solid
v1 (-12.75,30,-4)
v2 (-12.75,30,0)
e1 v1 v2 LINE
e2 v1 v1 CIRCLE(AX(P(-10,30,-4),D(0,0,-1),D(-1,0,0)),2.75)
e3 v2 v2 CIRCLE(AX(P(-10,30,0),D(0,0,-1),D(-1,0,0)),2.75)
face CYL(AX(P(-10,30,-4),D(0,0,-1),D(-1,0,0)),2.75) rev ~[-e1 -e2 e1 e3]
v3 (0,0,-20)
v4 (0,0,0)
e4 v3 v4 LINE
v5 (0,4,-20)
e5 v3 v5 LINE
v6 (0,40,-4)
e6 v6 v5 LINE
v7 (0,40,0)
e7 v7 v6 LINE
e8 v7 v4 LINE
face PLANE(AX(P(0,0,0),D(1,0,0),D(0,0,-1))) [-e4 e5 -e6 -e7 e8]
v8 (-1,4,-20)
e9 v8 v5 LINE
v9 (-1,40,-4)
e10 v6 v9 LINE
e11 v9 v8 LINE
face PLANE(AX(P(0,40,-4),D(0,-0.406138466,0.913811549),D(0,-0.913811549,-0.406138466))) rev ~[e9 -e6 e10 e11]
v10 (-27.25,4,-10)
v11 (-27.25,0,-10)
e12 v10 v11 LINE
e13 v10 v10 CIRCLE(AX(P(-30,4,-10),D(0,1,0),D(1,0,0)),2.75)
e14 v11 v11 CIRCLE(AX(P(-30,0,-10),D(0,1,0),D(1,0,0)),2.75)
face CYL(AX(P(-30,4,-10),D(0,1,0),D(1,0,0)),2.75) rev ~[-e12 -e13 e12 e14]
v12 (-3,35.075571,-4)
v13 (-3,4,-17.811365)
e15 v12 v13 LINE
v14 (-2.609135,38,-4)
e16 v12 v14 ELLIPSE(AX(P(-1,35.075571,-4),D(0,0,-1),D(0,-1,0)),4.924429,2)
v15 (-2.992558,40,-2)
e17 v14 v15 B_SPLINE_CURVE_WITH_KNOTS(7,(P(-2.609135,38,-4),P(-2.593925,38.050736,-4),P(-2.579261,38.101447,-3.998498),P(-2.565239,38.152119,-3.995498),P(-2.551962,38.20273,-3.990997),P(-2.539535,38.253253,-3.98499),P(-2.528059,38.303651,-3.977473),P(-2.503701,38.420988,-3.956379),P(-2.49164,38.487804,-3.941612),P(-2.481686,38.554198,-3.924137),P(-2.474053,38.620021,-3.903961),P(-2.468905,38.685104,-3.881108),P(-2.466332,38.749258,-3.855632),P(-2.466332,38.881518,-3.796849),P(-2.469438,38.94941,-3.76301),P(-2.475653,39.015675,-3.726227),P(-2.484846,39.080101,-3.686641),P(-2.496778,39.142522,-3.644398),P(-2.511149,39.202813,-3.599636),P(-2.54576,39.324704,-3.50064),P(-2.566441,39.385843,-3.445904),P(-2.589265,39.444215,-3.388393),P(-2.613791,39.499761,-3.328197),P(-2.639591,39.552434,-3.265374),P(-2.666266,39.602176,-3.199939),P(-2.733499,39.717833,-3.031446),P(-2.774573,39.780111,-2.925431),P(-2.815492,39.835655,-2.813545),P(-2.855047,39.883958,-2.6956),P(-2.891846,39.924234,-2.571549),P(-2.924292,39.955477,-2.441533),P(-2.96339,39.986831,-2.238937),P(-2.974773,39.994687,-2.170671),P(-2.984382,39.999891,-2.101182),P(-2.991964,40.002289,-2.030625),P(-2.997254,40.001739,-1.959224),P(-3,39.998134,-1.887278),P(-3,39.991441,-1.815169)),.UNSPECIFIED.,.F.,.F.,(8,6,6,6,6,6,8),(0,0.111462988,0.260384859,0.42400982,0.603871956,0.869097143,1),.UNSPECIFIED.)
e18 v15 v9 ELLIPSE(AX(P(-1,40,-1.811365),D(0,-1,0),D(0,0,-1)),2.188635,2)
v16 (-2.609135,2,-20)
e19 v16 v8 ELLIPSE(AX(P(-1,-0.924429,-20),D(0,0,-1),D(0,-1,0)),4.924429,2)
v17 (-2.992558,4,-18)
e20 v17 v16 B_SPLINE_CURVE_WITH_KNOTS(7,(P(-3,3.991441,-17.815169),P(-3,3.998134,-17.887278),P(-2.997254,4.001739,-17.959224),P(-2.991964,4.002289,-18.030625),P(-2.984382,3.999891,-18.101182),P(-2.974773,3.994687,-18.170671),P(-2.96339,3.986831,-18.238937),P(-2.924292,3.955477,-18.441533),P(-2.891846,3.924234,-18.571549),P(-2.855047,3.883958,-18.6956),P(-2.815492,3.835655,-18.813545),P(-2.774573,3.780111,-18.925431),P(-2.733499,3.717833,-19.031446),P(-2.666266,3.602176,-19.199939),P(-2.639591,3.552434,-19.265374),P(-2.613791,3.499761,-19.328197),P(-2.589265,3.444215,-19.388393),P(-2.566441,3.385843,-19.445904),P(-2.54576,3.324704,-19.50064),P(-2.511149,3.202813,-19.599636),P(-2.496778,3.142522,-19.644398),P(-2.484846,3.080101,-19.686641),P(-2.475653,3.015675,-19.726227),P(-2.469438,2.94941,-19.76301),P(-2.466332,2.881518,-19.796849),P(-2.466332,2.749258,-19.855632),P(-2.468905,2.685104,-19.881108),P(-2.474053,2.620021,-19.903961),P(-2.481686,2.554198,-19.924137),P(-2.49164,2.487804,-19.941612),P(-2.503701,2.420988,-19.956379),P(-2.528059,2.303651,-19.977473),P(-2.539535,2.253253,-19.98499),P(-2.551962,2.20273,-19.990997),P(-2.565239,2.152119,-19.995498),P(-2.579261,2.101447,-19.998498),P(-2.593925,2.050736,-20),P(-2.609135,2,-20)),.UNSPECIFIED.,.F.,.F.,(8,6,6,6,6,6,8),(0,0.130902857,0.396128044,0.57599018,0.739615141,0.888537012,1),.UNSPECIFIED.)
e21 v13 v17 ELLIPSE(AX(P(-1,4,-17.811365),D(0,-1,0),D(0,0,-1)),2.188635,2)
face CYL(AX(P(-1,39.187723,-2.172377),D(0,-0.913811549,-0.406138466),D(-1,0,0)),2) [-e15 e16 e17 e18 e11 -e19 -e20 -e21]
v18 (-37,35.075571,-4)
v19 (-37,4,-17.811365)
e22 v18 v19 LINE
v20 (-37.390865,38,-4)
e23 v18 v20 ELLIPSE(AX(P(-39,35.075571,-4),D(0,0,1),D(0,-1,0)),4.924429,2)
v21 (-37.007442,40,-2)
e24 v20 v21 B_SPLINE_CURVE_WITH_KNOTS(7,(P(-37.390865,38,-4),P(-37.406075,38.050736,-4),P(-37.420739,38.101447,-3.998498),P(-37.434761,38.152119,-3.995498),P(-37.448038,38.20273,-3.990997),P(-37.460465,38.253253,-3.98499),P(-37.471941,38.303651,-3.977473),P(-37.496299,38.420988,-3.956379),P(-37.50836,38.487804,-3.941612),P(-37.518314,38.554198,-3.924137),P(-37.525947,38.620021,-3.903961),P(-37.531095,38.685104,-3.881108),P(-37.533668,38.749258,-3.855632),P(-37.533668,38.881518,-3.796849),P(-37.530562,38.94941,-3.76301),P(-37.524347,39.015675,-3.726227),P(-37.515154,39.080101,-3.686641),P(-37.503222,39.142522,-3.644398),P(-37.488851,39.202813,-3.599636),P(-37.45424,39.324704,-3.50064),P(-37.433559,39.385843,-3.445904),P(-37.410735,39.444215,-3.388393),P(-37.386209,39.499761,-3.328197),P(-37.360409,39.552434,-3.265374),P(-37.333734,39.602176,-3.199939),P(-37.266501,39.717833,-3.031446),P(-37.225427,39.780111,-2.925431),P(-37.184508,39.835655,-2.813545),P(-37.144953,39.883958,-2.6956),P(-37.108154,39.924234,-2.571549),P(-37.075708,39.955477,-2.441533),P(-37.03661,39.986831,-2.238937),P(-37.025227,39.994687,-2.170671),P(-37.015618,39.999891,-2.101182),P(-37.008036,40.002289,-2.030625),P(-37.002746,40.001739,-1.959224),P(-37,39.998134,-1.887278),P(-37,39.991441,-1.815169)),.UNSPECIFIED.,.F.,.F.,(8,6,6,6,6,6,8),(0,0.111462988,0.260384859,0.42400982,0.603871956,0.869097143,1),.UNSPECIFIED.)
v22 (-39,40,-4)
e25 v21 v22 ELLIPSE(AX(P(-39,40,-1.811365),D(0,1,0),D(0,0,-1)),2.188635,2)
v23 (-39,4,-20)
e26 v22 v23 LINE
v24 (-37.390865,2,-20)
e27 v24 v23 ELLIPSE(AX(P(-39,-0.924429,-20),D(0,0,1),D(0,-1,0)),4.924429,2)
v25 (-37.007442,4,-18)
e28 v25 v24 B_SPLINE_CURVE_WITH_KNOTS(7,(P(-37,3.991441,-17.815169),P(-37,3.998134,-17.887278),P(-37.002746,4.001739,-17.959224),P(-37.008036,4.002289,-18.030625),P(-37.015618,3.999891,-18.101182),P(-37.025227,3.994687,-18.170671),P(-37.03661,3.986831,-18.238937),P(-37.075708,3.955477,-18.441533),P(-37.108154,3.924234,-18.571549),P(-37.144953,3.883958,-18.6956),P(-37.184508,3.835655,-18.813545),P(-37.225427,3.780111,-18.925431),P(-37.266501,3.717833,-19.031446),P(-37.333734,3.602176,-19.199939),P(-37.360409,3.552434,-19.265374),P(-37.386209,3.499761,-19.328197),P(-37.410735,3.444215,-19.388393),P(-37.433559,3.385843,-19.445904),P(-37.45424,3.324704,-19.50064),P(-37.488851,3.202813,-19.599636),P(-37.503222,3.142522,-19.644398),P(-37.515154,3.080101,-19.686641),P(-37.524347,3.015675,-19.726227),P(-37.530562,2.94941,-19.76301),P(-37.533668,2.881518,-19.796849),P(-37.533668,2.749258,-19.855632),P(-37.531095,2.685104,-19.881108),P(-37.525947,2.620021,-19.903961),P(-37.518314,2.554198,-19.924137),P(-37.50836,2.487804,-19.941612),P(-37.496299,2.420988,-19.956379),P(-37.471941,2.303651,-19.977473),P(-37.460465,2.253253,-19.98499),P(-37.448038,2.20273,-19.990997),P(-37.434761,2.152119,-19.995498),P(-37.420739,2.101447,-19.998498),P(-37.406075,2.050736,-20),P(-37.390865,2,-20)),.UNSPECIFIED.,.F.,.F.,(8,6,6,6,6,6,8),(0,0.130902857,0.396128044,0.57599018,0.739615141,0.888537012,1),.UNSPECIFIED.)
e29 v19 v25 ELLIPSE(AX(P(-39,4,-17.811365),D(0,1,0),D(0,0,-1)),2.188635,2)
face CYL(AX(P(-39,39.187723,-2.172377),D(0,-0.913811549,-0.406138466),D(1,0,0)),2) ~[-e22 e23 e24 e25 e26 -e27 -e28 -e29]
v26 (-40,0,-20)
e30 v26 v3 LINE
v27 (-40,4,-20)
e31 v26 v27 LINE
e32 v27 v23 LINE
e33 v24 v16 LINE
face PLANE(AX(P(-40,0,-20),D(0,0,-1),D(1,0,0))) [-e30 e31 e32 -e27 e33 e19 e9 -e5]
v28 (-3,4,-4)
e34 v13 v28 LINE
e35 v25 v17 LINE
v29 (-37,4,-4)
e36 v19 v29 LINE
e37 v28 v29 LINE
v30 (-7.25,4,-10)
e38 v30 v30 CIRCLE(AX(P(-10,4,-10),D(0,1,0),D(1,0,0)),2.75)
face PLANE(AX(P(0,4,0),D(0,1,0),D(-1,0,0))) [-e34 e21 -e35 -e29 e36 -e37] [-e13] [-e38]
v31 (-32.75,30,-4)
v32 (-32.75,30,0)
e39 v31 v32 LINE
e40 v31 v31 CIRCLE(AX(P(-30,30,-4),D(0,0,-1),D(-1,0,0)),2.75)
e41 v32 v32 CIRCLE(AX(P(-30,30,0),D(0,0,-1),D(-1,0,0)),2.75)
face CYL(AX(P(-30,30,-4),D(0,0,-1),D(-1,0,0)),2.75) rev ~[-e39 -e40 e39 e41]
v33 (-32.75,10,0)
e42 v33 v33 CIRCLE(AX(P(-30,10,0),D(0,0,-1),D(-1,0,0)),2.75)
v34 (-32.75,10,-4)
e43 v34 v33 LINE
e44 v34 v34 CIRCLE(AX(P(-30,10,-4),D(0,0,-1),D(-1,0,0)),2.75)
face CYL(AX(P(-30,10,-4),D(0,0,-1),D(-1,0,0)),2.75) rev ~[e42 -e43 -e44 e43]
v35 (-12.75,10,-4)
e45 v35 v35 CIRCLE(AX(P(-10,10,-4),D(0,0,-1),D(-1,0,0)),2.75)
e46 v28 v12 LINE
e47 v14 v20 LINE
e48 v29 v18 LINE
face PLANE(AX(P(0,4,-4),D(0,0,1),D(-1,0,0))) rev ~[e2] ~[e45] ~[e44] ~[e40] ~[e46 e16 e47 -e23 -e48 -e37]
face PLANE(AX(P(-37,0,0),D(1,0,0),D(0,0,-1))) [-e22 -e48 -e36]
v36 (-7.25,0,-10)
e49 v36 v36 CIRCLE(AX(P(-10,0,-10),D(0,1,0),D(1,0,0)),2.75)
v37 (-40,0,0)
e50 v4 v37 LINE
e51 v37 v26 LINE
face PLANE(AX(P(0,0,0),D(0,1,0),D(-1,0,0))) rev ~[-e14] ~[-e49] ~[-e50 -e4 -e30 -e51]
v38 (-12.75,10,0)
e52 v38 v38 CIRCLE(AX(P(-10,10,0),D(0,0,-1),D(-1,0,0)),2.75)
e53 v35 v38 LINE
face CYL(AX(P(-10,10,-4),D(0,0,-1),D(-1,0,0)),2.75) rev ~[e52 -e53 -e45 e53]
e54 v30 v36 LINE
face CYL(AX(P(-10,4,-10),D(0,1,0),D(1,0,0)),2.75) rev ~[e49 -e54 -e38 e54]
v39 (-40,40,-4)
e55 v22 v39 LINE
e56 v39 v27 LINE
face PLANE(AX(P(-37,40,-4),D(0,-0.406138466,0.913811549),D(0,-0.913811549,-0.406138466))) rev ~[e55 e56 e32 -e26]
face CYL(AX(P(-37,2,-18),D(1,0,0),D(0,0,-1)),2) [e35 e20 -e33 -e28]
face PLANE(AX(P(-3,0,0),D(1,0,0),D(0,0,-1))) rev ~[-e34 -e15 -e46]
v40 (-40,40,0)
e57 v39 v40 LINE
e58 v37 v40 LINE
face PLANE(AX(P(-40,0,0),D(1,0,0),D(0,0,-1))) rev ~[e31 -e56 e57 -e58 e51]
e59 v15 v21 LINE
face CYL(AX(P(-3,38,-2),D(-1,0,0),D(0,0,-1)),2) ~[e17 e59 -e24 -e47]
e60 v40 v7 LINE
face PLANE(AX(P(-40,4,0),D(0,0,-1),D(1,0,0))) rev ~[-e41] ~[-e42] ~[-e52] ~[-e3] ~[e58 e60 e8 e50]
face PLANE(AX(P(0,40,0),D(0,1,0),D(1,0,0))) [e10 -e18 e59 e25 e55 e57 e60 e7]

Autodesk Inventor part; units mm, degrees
ref_plane "YZ Plane" through (0, 0, 0) normal (1, 0, 0) x (0, 1, 0)
ref_plane "XZ Plane" through (0, 0, 0) normal (0, 1, 0) x (-1, 0, 0)
ref_plane "XY Plane" through (0, 0, 0) normal (0, 0, 1) x (1, 0, 0)
sketch "Sketch1" plane through (0, 0, 0) normal (0, 1, 0) x (-1, 0, 0)
  line L0 (0, 0) -> (40, 0)
  line L1 (40, 0) -> (40, -20)
  line L2 (40, -20) -> (0, -20)
  line L3 (0, -20) -> (0, 0)
  dimension "d0" = 40
  dimension "d1" = 20
extrude "Extrusion1" add sketch "Sketch1" along normal blind 4
sketch "Sketch2" plane through (0, 4, 0) normal (0, 1, 0) x (1, 0, 0)
  circle A0 centre (-30, 10) radius 2.75
  circle A1 centre (-10, 10) radius 2.75
  line L0 (0, 20) -> (-40, 20) projected
  line L1 (-40, 20) -> (-40, 0) projected
  point P0 (0, 0)
  dimension "d4" = 5.5
  dimension "d5" = 5.5
  dimension "d6" = 10
  dimension "d7" = 10
  dimension "d8" = 20
extrude "Extrusion2" cut sketch "Sketch2" against normal through all
sketch "Sketch3" plane through (0, 4, 0) normal (0, 1, 0) x (1, 0, 0)
  line L0 (-40, 20) -> (-40, 0) projected
  line L1 (-40, 0) -> (0, 0)
  line L2 (0, 0) -> (0, 4)
  line L3 (0, 4) -> (-40, 4)
  line L4 (-40, 4) -> (-40, 0)
  dimension "d11" = 40
  dimension "d12" = 4
extrude "Extrusion3" add sketch "Sketch3" along normal blind 36
sketch "Sketch4" plane through (0, 4, -4) normal (0, 0, -1) x (-1, 0, 0)
  circle A0 centre (10, 26) radius 2.75
  line L0 (0, 0) -> (0, 36) projected
  line L1 (0, 36) -> (40, 36) projected
  point P0 (0, -4)
  dimension "d15" = 5.5
  dimension "d16" = 10
  dimension "d17" = 10
extrude "Extrusion4" cut sketch "Sketch4" against normal through all
pattern_linear "Rectangular Pattern1" count 2 spacing 20 along (0, -1, 0) count 2 spacing 20 along (-1, 0, 0) of "Extrusion4"
sketch "Sketch5" plane through (0, 0, 0) normal (1, 0, 0) x (0, 0, -1)
  line L0 (4, 4) -> (4, 40) projected
  line L1 (20, 4) -> (4, 4) projected
  line L2 (4, 40) -> (20, 4)
  line L3 (20, 4) -> (4, 4)
  line L4 (4, 4) -> (4, 40)
  point P0 (0, 0)
extrude "Extrusion5" add sketch "Sketch5" against normal blind 3
pattern_linear "Rectangular Pattern2" count 2 spacing 37 along (-1, 0, 0) of "Extrusion5"
fillet "Fillet1" radius 2 4 edges at (-20, 4, -20) (-20, 40, -4) (-3, 22, -12) (-37, 22, -12)
properties part number "Bottom_Bracket"
